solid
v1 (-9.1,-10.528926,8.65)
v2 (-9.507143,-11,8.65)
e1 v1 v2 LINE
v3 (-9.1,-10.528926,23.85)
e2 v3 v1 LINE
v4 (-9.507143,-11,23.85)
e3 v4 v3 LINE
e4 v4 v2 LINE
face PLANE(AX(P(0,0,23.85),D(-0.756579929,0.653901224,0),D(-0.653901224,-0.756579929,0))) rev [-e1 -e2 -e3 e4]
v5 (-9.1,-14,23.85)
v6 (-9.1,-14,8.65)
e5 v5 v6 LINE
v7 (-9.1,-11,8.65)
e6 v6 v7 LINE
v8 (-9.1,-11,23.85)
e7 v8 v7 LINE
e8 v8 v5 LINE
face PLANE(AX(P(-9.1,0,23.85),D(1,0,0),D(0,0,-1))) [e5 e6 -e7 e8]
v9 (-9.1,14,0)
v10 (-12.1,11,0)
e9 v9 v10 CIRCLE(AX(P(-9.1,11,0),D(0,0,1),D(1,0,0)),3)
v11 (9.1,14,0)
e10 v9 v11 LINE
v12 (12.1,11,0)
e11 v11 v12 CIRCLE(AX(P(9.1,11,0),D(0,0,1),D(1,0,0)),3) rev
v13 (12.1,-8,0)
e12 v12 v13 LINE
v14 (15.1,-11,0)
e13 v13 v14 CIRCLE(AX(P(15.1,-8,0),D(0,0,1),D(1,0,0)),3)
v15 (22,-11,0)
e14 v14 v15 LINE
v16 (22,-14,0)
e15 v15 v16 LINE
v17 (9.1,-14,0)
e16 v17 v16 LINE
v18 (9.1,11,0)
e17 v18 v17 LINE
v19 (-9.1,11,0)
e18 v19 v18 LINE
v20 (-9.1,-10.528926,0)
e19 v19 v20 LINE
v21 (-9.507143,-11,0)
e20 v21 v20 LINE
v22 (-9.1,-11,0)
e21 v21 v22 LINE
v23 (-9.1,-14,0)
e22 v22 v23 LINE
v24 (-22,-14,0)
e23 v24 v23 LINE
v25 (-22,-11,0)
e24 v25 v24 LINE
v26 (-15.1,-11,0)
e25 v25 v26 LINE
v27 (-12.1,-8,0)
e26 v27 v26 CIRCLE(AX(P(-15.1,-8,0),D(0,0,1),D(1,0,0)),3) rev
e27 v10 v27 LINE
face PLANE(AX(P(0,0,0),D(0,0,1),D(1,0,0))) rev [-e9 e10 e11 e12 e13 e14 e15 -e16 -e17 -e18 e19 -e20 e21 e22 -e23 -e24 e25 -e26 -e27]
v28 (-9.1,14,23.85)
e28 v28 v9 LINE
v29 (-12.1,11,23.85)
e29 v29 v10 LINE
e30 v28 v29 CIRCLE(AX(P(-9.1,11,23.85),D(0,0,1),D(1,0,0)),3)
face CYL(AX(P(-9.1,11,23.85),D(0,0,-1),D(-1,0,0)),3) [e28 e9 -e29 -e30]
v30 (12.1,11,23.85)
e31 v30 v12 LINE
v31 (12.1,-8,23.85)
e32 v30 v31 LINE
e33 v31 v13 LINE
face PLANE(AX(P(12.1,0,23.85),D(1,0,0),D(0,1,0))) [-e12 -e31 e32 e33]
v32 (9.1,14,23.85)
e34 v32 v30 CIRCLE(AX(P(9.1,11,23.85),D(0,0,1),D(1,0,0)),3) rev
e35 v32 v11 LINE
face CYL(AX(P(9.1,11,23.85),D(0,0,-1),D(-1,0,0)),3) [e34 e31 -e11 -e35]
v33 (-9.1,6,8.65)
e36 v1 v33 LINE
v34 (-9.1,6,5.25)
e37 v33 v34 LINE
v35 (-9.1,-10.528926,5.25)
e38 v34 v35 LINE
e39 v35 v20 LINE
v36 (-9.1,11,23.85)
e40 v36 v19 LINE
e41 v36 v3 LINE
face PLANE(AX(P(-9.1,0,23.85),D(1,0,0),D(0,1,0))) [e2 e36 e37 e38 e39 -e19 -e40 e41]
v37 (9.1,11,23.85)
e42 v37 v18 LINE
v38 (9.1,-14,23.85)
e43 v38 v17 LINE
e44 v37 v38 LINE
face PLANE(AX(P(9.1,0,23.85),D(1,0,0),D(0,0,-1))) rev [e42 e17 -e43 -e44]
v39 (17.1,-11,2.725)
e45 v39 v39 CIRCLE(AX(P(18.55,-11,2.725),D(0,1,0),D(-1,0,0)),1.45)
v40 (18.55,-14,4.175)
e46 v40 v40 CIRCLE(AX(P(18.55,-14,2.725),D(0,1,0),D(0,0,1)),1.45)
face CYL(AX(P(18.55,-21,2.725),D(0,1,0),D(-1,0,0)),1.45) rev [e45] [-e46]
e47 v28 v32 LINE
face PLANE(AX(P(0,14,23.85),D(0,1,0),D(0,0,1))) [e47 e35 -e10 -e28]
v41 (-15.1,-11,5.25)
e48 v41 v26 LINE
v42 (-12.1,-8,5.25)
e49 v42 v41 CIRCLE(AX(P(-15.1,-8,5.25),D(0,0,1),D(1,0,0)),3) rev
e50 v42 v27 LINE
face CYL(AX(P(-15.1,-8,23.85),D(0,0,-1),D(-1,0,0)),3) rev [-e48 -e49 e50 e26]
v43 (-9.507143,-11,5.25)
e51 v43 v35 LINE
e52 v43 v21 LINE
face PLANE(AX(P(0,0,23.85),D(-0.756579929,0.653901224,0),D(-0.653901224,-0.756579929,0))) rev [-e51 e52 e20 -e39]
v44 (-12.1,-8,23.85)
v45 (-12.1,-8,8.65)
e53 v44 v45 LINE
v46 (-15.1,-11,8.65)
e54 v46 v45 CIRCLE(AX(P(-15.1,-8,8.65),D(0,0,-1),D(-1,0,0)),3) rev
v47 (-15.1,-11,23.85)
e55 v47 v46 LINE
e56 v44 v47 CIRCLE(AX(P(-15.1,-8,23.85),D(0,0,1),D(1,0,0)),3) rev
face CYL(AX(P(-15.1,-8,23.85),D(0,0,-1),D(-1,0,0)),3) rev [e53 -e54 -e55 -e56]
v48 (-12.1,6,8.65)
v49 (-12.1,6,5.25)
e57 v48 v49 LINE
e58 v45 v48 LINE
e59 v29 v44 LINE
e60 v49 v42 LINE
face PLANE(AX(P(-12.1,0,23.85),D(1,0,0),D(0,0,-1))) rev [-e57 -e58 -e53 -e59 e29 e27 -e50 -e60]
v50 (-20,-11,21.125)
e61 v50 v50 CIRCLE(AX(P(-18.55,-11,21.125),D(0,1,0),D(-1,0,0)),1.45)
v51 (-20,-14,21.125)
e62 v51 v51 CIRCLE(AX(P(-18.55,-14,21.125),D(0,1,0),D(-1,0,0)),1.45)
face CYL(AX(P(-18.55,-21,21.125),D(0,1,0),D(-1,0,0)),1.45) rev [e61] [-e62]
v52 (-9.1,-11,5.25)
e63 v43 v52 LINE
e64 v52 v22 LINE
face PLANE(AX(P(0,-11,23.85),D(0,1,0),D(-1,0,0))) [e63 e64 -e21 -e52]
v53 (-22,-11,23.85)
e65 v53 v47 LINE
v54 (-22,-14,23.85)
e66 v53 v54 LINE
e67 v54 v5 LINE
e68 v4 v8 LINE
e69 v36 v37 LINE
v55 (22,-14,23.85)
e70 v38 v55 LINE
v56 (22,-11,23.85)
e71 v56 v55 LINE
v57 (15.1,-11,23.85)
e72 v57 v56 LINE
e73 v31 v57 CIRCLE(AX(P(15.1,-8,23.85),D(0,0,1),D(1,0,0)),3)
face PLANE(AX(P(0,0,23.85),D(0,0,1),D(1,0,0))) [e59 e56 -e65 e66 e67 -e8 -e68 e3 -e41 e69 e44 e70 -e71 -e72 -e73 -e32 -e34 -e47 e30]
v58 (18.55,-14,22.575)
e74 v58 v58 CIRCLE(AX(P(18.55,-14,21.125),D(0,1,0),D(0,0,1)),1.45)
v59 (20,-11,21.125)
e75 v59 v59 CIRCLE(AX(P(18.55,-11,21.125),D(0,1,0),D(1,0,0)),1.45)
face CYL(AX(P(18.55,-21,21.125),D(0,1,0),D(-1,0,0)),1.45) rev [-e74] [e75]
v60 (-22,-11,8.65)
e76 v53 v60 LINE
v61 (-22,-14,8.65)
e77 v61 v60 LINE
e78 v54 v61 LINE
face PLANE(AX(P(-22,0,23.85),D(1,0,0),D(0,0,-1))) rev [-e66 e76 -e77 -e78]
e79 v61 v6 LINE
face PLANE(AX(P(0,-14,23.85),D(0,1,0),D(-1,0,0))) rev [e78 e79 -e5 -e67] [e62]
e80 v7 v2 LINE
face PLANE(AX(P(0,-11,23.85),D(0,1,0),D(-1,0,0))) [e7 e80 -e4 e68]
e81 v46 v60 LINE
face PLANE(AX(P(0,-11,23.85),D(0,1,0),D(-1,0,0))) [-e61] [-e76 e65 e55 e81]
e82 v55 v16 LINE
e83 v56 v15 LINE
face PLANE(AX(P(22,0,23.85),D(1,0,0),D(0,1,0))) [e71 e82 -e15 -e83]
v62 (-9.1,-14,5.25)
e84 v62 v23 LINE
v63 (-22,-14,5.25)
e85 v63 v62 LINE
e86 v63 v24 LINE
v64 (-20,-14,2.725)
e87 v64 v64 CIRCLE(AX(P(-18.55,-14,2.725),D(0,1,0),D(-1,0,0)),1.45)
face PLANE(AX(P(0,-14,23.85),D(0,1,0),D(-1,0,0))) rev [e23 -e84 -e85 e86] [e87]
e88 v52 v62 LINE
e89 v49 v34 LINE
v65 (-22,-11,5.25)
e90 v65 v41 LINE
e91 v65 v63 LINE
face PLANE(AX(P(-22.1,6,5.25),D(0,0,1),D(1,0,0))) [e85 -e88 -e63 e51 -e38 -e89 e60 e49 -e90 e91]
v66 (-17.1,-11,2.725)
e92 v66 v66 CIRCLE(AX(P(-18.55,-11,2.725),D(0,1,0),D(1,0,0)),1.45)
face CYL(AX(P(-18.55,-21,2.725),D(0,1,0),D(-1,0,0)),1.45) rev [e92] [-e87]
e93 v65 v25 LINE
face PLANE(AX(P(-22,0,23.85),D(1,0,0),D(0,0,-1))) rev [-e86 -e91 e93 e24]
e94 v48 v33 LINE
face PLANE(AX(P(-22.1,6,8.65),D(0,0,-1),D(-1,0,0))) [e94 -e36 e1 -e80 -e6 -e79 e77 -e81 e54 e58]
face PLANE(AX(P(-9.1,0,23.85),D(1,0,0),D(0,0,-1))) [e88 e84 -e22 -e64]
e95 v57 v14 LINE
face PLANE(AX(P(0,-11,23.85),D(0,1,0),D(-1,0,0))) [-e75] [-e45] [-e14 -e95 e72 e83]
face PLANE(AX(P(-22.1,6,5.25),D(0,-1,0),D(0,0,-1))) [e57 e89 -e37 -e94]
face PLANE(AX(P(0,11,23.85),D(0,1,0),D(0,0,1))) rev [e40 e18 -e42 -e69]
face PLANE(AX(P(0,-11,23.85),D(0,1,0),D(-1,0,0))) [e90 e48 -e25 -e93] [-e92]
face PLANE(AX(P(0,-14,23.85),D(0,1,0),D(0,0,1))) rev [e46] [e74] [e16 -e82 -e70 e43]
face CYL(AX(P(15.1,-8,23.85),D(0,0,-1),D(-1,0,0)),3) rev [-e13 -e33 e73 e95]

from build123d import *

# Parameters (mm, degrees)
BOSS_EXTRUDE1_DEPTH     = 23.85
SKETCH4_R               = 1.45
CUT_EXTRUDE3_DEPTH      = 10
CUT_EXTRUDE4_DEPTH      = 10
CUT_EXTRUDE4_DEPTH_BACK = 10
SKETCH10_W              = 3.4
SKETCH10_H              = 20


with BuildPart() as part:
    # Sketch1 → Boss-Extrude1 (new body)
    with BuildSketch(Plane.XY):
        with BuildLine():
            Line((-9.1, -10.52892562), (-9.1, 11))
            Line((-9.1, 11), (9.1, 11))
            Line((9.1, 11), (9.1, -11))
            Line((9.1, -11), (9.1, -14))
            Line((9.1, -14), (12.1, -14))
            Line((12.1, -14), (22, -14))
            Line((22, -14), (22, -11))
            Line((22, -11), (15.1, -11))
            ThreePointArc((15.1, -11), (12.978679656, -10.121320344), (12.1, -8))
            Line((12.1, -8), (12.1, 11))
            ThreePointArc((12.1, 11), (11.221320344, 13.121320344), (9.1, 14))
            Line((9.1, 14), (-9.1, 14))
            ThreePointArc((-9.1, 14), (-11.221320344, 13.121320344), (-12.1, 11))
            Line((-12.1, 11), (-12.1, -8))
            ThreePointArc((-12.1, -8), (-12.978679656, -10.121320344), (-15.1, -11))
            Line((-15.1, -11), (-22, -11))
            Line((-22, -11), (-22, -14))
            Line((-22, -14), (-12.1, -14))
            Line((-12.1, -14), (-9.1, -14))
            Line((-9.1, -14), (-9.1, -11))
            Line((-9.1, -11), (-9.507142857, -11))
            Line((-9.507142857, -11), (-9.1, -10.52892562))
        make_face()
    extrude(amount=BOSS_EXTRUDE1_DEPTH)

    # Sketch4 → Cut-Extrude3 (cut)
    with BuildSketch(Plane(origin=(0, -11, 0), x_dir=(1, 0, 0), z_dir=(0, 1, 0))):
        with Locations((-18.55, -21.125)):
            Circle(SKETCH4_R)
        with Locations((-18.55, -2.725)):
            Circle(SKETCH4_R)
        with Locations((18.55, -21.125)):
            Circle(SKETCH4_R)
        with Locations((18.55, -2.725)):
            Circle(SKETCH4_R)
    extrude(amount=-CUT_EXTRUDE3_DEPTH, mode=Mode.SUBTRACT)

    # Sketch10 → Cut-Extrude4 (cut, two sides: drawn at the far end of the back side and taken through both)
    with BuildSketch(Plane.ZY.offset(12.1).offset(-CUT_EXTRUDE4_DEPTH_BACK)):
        with Locations((6.95, -4)):
            Rectangle(SKETCH10_W, SKETCH10_H)
    extrude(amount=CUT_EXTRUDE4_DEPTH + CUT_EXTRUDE4_DEPTH_BACK, mode=Mode.SUBTRACT)


solid = part.part
